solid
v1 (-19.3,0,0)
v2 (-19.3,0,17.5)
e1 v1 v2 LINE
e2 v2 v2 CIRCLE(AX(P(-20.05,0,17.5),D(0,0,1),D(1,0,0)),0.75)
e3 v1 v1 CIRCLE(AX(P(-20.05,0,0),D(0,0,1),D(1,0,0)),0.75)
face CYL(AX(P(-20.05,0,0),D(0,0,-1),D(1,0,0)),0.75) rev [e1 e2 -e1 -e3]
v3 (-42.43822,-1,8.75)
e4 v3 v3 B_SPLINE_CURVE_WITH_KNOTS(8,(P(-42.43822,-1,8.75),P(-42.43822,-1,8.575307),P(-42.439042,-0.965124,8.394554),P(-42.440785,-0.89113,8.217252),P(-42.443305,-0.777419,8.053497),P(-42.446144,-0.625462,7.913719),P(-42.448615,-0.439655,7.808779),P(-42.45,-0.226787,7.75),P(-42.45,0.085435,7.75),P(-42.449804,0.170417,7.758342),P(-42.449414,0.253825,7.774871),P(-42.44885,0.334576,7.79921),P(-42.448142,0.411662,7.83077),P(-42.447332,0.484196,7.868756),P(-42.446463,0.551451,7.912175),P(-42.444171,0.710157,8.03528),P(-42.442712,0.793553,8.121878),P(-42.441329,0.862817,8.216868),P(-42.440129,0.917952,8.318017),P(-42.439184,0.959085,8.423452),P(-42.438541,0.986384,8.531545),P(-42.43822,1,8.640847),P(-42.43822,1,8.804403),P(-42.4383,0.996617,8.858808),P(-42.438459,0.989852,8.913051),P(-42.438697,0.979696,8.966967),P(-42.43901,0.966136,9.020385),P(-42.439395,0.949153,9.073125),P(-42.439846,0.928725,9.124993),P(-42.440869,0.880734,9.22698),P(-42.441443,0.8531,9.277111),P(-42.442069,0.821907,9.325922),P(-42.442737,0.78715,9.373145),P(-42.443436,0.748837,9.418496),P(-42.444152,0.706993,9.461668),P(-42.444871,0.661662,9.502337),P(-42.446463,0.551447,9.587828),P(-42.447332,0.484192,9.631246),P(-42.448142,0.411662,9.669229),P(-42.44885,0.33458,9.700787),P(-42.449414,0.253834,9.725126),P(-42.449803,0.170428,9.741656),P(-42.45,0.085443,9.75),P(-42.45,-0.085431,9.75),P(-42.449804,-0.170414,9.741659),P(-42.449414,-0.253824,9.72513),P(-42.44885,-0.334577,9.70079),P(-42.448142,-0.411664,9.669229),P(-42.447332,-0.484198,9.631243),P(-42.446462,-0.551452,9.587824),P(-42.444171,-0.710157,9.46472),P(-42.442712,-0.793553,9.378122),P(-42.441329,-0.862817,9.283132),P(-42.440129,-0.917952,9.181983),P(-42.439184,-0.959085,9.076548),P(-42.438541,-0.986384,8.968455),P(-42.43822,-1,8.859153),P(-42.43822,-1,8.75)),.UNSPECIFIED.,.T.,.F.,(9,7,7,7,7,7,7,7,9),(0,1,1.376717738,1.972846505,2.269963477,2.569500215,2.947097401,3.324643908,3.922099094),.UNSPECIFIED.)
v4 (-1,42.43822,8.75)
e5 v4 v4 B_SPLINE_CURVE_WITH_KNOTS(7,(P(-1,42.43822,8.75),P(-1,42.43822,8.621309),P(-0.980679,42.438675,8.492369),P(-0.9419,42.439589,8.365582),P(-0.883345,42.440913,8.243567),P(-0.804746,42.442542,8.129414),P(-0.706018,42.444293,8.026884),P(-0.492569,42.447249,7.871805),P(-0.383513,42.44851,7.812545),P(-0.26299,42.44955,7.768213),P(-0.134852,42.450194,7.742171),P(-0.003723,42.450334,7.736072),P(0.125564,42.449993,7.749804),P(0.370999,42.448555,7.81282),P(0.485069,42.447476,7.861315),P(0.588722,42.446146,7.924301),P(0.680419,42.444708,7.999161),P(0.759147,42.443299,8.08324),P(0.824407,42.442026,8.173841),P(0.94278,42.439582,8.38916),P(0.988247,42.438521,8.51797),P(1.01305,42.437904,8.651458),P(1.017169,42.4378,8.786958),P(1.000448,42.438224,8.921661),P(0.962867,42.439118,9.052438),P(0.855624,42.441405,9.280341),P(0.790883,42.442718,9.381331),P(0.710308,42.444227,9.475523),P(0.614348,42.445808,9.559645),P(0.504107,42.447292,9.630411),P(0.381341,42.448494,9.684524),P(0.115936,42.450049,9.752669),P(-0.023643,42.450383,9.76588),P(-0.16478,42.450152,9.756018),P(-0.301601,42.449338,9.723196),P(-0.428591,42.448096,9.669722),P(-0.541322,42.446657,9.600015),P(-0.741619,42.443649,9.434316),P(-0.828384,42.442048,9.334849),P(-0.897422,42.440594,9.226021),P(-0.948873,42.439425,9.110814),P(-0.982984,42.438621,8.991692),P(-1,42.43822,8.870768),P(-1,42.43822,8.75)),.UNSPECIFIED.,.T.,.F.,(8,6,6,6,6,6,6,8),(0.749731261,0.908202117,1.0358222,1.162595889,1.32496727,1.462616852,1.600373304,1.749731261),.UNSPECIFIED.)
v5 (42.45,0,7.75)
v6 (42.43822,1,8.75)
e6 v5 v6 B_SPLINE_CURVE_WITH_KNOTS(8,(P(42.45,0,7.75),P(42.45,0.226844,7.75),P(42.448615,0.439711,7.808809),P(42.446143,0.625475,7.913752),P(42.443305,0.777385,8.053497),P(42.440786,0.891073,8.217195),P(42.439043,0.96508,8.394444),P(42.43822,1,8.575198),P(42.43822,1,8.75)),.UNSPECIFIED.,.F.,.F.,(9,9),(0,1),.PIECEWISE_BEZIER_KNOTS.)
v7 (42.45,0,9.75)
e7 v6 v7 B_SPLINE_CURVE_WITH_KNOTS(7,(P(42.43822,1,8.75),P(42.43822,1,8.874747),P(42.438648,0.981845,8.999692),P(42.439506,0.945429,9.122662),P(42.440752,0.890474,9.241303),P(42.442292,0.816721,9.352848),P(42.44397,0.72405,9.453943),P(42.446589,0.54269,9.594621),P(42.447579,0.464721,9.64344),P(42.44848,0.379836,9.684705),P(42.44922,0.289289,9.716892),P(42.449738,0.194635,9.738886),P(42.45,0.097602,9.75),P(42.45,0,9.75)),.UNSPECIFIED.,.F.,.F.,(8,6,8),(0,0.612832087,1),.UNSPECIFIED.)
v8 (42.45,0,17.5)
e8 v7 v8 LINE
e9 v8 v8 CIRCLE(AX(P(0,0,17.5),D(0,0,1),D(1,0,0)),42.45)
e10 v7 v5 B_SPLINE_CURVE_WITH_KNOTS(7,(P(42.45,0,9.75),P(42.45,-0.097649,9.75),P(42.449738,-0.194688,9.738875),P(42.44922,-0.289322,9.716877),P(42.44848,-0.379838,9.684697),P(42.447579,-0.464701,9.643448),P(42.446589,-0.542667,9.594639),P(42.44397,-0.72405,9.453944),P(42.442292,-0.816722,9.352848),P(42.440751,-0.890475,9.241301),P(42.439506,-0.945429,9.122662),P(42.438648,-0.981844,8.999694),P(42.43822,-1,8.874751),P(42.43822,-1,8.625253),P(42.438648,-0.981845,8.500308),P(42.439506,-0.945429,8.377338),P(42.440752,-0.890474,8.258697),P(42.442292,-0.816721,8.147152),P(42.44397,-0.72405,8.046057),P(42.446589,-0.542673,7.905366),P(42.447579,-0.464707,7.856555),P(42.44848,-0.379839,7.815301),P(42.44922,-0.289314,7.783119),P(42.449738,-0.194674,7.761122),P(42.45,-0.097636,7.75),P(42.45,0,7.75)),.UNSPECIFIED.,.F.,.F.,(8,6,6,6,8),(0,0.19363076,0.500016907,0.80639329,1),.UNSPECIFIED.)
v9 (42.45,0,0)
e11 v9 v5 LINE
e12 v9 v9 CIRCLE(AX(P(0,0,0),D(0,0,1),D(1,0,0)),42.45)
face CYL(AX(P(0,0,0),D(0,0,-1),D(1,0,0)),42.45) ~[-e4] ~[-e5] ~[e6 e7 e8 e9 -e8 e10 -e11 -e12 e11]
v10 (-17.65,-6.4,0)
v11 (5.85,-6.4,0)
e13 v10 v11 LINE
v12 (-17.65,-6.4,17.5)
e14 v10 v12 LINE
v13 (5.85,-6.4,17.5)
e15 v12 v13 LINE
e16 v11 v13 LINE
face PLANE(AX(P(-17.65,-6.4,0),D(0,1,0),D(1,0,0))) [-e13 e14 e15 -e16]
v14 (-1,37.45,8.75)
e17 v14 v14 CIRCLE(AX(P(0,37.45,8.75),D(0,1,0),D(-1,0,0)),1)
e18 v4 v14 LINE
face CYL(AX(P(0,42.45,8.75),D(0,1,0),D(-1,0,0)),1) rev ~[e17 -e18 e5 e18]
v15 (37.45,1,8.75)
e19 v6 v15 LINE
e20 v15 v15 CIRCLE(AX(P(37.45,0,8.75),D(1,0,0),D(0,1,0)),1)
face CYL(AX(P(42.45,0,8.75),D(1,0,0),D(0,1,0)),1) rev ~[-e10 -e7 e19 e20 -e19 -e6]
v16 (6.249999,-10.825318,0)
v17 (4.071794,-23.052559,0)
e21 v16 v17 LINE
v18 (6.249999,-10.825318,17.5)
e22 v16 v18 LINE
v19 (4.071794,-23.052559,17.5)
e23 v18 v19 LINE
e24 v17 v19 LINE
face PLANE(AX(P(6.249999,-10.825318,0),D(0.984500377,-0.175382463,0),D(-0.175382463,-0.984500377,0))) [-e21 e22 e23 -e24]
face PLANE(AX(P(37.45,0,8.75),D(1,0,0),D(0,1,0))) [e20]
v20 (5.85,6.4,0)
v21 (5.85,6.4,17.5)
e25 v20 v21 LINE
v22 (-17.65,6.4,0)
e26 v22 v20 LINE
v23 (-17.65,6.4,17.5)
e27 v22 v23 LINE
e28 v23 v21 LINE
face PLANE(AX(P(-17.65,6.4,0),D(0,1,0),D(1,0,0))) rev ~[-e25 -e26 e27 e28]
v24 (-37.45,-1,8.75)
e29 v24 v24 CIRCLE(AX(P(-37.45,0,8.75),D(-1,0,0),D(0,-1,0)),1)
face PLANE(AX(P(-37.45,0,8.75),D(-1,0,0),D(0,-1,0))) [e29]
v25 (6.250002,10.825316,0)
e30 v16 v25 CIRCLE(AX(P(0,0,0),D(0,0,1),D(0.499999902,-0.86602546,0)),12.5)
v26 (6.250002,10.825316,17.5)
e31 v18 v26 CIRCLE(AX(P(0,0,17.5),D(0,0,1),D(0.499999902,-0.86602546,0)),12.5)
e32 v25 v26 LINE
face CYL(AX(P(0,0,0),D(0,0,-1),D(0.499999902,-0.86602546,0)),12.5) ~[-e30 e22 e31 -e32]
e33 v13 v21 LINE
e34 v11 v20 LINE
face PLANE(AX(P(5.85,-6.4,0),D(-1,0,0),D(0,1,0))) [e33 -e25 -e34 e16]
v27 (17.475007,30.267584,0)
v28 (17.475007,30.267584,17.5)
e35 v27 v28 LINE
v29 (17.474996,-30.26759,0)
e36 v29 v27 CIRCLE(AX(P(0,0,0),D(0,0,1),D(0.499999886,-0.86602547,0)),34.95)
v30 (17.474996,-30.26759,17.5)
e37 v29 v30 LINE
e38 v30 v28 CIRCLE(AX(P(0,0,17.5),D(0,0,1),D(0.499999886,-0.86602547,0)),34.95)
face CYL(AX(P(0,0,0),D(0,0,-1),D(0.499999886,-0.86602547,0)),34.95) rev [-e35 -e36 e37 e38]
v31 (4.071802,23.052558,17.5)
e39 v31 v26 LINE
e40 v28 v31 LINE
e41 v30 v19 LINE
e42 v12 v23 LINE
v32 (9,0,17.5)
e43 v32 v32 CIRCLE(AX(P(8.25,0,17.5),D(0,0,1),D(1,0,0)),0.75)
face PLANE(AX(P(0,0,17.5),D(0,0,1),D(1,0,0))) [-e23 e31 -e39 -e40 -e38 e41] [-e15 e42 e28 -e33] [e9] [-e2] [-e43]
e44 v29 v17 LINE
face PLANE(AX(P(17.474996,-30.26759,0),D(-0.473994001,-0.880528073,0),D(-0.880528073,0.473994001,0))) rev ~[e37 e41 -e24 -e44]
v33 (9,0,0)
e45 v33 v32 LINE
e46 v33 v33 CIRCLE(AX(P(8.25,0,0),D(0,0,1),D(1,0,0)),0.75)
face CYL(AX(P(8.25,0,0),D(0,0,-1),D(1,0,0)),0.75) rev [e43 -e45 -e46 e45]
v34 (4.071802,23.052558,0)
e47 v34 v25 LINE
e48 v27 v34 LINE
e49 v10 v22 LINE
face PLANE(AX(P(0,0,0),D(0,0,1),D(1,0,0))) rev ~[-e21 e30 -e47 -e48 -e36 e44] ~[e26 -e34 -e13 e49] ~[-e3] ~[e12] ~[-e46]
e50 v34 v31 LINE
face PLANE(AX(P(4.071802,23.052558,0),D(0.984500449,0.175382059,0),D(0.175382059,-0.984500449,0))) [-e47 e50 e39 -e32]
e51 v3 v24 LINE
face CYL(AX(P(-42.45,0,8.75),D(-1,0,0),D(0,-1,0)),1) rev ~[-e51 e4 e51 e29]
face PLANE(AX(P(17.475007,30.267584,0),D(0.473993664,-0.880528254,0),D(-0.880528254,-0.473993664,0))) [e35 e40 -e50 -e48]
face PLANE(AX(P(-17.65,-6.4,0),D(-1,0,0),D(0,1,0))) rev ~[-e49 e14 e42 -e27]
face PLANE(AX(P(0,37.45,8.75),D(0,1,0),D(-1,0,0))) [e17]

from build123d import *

# Parameters (mm, degrees)
SKETCH021_R           = 42.45
SKETCH021_R_2         = 0.75
SKETCH021_W           = 23.5
SKETCH021_H           = 12.8
PAD010_DEPTH          = 17.5
SKETCH025_R           = 1
POCKET013_DEPTH       = 5
POLARPATTERN002_COUNT = 3
POLARPATTERN002_ANGLE = 180


with BuildPart() as part:
    # Sketch021 → Pad010 (new body)
    with BuildSketch(Plane.XY):
        Circle(SKETCH021_R)
        with Locations((8.25, 0)):
            Circle(SKETCH021_R_2, mode=Mode.SUBTRACT)
        with Locations((-20.05, 0)):
            Circle(SKETCH021_R_2, mode=Mode.SUBTRACT)
        with BuildLine():
            ThreePointArc((6.249999, -10.825318), (12.5, -2e-06), (6.250002, 10.825316))
            Line((4.071802, 23.052558), (6.250002, 10.825316))
            Line((17.475007, 30.267584), (4.071802, 23.052558))
            ThreePointArc((17.474996, -30.26759), (34.95, -6e-06), (17.475007, 30.267584))
            Line((17.474996, -30.26759), (4.071794, -23.052559))
            Line((6.249999, -10.825318), (4.071794, -23.052559))
        make_face(mode=Mode.SUBTRACT)
        with Locations((-5.9, 0)):
            Rectangle(SKETCH021_W, SKETCH021_H, mode=Mode.SUBTRACT)
    extrude(amount=PAD010_DEPTH)

    # Sketch025 (on DatumPlane) → Pocket013 (cut)
    with BuildSketch(Plane.YZ.offset(42.45)):
        with Locations((0, 8.75)):
            Circle(SKETCH025_R)
    pocket013 = extrude(amount=-POCKET013_DEPTH, mode=Mode.SUBTRACT)

    # PolarPattern002: Pocket013 ×3 about axis
    polarpattern002_axis = Axis((0, 0, 0), (0, 0, 1))
    for i in range(1, POLARPATTERN002_COUNT):
        add(pocket013.rotate(polarpattern002_axis, i * POLARPATTERN002_ANGLE / (POLARPATTERN002_COUNT - 1)), mode=Mode.SUBTRACT)


solid = part.part
